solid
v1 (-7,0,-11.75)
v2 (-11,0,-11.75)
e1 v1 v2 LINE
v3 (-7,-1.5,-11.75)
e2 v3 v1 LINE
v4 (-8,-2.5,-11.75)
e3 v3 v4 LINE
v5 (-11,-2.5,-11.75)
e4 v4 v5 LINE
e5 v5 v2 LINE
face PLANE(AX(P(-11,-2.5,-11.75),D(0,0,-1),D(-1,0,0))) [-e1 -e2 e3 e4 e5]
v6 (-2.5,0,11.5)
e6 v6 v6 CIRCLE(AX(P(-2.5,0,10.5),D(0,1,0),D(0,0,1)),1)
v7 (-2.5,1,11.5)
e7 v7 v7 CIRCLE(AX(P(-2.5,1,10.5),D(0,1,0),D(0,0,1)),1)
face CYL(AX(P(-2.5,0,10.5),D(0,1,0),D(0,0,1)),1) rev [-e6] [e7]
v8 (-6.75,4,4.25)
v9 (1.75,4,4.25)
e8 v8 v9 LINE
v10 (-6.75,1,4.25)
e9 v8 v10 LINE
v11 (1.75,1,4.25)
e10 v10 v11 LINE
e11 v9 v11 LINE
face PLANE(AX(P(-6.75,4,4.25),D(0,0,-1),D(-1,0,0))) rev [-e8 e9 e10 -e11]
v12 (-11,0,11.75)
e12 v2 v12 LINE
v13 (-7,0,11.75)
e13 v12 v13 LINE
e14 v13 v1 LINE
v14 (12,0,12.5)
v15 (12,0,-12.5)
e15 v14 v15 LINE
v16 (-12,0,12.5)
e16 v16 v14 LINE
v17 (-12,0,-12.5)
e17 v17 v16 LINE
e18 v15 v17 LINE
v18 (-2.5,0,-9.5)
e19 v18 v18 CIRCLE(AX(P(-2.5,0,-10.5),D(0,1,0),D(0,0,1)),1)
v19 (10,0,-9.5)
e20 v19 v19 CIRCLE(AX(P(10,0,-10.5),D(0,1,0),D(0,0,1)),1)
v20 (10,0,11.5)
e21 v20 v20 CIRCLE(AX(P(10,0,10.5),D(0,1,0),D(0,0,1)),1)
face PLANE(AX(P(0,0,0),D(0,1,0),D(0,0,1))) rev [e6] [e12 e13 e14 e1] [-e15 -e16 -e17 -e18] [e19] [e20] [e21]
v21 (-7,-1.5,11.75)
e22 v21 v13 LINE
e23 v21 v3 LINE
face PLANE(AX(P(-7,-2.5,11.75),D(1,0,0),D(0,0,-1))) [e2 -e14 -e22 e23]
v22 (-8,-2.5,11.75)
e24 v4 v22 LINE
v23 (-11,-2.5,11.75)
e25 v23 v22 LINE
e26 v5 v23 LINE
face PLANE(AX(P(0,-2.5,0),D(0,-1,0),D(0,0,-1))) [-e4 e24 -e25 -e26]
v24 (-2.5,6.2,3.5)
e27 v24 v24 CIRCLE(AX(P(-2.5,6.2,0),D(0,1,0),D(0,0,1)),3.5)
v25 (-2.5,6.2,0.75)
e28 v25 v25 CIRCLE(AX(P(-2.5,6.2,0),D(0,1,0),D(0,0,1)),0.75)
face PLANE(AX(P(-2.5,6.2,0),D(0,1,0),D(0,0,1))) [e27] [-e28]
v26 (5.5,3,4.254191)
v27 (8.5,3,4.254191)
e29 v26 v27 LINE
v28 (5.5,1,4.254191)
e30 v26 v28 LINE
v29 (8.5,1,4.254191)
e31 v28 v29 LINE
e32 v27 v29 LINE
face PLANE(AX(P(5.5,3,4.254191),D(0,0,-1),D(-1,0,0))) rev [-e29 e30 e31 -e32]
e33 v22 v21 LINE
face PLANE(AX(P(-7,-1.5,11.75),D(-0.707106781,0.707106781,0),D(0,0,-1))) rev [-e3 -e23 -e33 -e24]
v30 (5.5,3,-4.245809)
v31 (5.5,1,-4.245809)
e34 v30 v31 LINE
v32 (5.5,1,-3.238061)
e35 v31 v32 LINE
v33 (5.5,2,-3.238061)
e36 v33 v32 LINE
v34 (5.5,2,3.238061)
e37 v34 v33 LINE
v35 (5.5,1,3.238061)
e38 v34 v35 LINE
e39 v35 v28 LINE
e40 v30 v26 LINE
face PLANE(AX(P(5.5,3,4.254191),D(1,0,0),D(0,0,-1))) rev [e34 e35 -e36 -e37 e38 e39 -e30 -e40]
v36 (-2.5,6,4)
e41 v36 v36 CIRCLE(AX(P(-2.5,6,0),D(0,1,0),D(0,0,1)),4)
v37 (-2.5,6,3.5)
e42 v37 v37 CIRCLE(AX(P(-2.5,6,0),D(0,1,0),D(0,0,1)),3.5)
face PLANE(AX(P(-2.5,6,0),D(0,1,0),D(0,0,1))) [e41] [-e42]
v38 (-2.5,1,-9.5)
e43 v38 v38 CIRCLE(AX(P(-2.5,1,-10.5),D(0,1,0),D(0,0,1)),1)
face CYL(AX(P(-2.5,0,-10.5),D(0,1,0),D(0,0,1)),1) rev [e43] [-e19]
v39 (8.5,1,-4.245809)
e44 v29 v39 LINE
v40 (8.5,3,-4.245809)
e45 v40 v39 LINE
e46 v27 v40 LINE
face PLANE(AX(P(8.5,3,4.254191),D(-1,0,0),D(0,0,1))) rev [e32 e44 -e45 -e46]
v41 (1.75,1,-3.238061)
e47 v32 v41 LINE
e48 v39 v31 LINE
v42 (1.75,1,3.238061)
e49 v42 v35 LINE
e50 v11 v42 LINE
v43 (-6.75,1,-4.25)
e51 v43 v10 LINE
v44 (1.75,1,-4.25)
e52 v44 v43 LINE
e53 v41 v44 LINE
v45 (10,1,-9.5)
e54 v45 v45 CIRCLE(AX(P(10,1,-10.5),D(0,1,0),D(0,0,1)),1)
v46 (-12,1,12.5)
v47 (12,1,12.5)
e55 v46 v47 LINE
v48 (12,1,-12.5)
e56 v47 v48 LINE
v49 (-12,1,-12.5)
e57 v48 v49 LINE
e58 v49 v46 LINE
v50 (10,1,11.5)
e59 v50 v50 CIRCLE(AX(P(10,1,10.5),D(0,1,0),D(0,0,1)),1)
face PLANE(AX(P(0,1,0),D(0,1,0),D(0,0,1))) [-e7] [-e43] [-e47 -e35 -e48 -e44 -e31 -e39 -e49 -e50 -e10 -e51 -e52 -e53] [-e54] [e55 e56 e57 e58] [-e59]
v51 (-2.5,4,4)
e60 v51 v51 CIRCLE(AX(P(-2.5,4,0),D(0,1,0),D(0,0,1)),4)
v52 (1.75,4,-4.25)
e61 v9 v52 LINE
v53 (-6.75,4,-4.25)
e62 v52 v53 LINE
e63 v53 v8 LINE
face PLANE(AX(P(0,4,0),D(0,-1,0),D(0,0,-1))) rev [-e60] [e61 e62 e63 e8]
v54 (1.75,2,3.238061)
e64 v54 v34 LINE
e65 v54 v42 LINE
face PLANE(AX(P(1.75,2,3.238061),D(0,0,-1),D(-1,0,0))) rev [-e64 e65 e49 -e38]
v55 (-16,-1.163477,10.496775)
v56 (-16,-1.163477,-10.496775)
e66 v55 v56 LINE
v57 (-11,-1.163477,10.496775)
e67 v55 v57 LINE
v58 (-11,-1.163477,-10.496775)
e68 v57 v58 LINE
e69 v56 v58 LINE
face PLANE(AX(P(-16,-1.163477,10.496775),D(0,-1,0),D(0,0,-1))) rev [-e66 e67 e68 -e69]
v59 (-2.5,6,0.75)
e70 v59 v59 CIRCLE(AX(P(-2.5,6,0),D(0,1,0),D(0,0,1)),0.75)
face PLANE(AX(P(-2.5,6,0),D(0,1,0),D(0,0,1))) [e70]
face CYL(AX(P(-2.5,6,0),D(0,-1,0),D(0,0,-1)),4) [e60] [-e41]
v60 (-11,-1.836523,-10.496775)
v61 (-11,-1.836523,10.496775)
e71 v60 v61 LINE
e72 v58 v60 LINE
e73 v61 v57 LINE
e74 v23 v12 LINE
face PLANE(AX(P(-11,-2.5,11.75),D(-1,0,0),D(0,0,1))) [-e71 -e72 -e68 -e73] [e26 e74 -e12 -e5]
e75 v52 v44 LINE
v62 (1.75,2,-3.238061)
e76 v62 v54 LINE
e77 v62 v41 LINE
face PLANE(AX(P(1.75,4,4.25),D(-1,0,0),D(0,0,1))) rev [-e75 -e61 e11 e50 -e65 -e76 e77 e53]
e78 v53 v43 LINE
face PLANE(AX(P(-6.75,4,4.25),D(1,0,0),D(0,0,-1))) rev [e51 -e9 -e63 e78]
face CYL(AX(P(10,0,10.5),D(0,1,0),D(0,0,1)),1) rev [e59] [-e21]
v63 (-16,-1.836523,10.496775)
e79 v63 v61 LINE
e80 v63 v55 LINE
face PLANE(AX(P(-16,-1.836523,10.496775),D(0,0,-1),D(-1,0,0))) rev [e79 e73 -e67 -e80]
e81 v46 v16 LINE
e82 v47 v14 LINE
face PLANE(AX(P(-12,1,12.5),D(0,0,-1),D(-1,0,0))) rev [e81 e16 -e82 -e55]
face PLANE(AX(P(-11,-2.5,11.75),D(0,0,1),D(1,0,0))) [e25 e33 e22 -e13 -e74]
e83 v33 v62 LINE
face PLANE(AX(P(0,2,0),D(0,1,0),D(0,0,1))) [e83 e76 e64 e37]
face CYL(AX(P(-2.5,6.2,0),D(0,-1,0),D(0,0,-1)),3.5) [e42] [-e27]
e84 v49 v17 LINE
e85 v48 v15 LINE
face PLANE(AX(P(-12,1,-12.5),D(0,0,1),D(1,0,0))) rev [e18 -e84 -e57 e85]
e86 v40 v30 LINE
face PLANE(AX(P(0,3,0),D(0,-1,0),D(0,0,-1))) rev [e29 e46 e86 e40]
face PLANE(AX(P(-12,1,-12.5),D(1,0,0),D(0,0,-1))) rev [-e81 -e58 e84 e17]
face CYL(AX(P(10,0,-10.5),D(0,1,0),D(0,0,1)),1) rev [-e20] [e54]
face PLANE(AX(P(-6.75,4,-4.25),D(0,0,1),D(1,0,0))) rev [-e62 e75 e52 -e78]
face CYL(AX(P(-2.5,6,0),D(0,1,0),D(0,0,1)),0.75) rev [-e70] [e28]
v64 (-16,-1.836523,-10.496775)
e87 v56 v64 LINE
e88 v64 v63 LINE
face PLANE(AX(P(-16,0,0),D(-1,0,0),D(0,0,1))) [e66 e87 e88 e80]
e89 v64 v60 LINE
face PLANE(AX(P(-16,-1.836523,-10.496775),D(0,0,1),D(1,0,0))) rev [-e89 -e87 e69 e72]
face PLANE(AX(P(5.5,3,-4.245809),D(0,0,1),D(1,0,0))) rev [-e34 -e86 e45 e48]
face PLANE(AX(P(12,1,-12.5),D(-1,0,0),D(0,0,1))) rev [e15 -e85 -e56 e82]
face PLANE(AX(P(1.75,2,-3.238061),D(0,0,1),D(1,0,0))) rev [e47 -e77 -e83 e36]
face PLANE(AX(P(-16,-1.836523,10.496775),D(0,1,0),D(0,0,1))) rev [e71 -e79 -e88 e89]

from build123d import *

# Parameters (mm, degrees)
SKETCH_1_W          = 24
SKETCH_1_H          = 25
EXTRUDE_1_DEPTH     = 1
SKETCH_2_W          = 8.5
SKETCH_2_H          = 8.5
EXTRUDE_2_DEPTH     = 3
SKETCH_3_R          = 4
EXTRUDE_3_DEPTH     = 2
SKETCH_4_W          = 3
SKETCH_4_H          = 8.5
EXTRUDE_4_DEPTH     = 2
SKETCH_5_W          = 3.75
SKETCH_5_H          = 6.47612255
EXTRUDE_5_DEPTH     = 1
SKETCH_6_W          = 4
SKETCH_6_H          = 23.5
EXTRUDE_6_DEPTH     = 2.5
CHAMFER_1_SIZE      = 1
SKETCH_7_W          = 20.993550262
SKETCH_7_H          = 0.673046144
EXTRUDE_7_DEPTH     = 5
SKETCH_8_R          = 1
CUT_EXTRUDE_1_DEPTH = 1
SKETCH_9_R          = 3.5
EXTRUDE_8_DEPTH     = 0.2
SKETCH_10_R         = 0.75
CUT_EXTRUDE_2_DEPTH = 0.2


with BuildPart() as part:
    # 草图1 → 凸台-拉伸1 (new body)
    with BuildSketch(Plane(origin=(0, 0, 0), x_dir=(1, 0, 0), z_dir=(0, 1, 0))):
        Rectangle(SKETCH_1_W, SKETCH_1_H)
    extrude(amount=EXTRUDE_1_DEPTH)

    # 草图2 → 凸台-拉伸2 (add)
    with BuildSketch(Plane(origin=(0, 1, 0), x_dir=(1, 0, 0), z_dir=(0, 1, 0))):
        with Locations((-2.5, 0)):
            Rectangle(SKETCH_2_W, SKETCH_2_H)
    extrude(amount=EXTRUDE_2_DEPTH)

    # 草图3 → 凸台-拉伸3 (add)
    with BuildSketch(Plane(origin=(0, 4, 0), x_dir=(1, 0, 0), z_dir=(0, 1, 0))):
        with Locations(Location((-2.5, 0, 0), (0, 0, 270))):
            Circle(SKETCH_3_R)
    extrude(amount=EXTRUDE_3_DEPTH)

    # 草图4 → 凸台-拉伸4 (add)
    with BuildSketch(Plane(origin=(0, 1, 0), x_dir=(1, 0, 0), z_dir=(0, 1, 0))):
        with Locations((7, -0.004190874)):
            Rectangle(SKETCH_4_W, SKETCH_4_H)
    extrude(amount=EXTRUDE_4_DEPTH)

    # 草图5 → 凸台-拉伸5 (add)
    with BuildSketch(Plane(origin=(0, 1, 0), x_dir=(1, 0, 0), z_dir=(0, 1, 0))):
        with Locations((3.625, 0)):
            Rectangle(SKETCH_5_W, SKETCH_5_H)
    extrude(amount=EXTRUDE_5_DEPTH)

    # 草图6 → 凸台-拉伸6 (add)
    with BuildSketch(Plane(origin=(0, 0, 0), x_dir=(1, 0, 0), z_dir=(0, 1, 0))):
        with Locations((-9, 0)):
            Rectangle(SKETCH_6_W, SKETCH_6_H)
    extrude(amount=-EXTRUDE_6_DEPTH)

    # 倒角1
    chamfer_1_edges = [part.edges().sort_by_distance(p)[0] for p in [
        (-7, -2.5, 0),
    ]]
    chamfer(chamfer_1_edges, length=CHAMFER_1_SIZE)

    # 草图7 → 凸台-拉伸7 (add)
    with BuildSketch(Plane.ZY.offset(11)):
        with Locations((0, -1.5)):
            Rectangle(SKETCH_7_W, SKETCH_7_H)
    extrude(amount=EXTRUDE_7_DEPTH)

    # 草图8 → 切除-拉伸1 (cut)
    with BuildSketch(Plane(origin=(0, 1, 0), x_dir=(1, 0, 0), z_dir=(0, 1, 0))):
        with Locations(Location((10, -10.5, 0), (0, 0, 270))):
            Circle(SKETCH_8_R)
        with Locations(Location((10, 10.5, 0), (0, 0, 270))):
            Circle(SKETCH_8_R)
        with Locations(Location((-2.5, -10.5, 0), (0, 0, 270))):
            Circle(SKETCH_8_R)
        with Locations(Location((-2.5, 10.5, 0), (0, 0, 270))):
            Circle(SKETCH_8_R)
    extrude(amount=-CUT_EXTRUDE_1_DEPTH, mode=Mode.SUBTRACT)

    # 草图9 → 凸台-拉伸8 (add)
    with BuildSketch(Plane(origin=(0, 6, 0), x_dir=(1, 0, 0), z_dir=(0, 1, 0))):
        with Locations(Location((-2.5, 0, 0), (0, 0, 270))):
            Circle(SKETCH_9_R)
    extrude(amount=EXTRUDE_8_DEPTH)

    # 草图10 → 切除-拉伸2 (cut)
    with BuildSketch(Plane(origin=(0, 6.2, 0), x_dir=(1, 0, 0), z_dir=(0, 1, 0))):
        with Locations(Location((-2.5, 0, 0), (0, 0, 270))):
            Circle(SKETCH_10_R)
    extrude(amount=-CUT_EXTRUDE_2_DEPTH, mode=Mode.SUBTRACT)


solid = part.part
